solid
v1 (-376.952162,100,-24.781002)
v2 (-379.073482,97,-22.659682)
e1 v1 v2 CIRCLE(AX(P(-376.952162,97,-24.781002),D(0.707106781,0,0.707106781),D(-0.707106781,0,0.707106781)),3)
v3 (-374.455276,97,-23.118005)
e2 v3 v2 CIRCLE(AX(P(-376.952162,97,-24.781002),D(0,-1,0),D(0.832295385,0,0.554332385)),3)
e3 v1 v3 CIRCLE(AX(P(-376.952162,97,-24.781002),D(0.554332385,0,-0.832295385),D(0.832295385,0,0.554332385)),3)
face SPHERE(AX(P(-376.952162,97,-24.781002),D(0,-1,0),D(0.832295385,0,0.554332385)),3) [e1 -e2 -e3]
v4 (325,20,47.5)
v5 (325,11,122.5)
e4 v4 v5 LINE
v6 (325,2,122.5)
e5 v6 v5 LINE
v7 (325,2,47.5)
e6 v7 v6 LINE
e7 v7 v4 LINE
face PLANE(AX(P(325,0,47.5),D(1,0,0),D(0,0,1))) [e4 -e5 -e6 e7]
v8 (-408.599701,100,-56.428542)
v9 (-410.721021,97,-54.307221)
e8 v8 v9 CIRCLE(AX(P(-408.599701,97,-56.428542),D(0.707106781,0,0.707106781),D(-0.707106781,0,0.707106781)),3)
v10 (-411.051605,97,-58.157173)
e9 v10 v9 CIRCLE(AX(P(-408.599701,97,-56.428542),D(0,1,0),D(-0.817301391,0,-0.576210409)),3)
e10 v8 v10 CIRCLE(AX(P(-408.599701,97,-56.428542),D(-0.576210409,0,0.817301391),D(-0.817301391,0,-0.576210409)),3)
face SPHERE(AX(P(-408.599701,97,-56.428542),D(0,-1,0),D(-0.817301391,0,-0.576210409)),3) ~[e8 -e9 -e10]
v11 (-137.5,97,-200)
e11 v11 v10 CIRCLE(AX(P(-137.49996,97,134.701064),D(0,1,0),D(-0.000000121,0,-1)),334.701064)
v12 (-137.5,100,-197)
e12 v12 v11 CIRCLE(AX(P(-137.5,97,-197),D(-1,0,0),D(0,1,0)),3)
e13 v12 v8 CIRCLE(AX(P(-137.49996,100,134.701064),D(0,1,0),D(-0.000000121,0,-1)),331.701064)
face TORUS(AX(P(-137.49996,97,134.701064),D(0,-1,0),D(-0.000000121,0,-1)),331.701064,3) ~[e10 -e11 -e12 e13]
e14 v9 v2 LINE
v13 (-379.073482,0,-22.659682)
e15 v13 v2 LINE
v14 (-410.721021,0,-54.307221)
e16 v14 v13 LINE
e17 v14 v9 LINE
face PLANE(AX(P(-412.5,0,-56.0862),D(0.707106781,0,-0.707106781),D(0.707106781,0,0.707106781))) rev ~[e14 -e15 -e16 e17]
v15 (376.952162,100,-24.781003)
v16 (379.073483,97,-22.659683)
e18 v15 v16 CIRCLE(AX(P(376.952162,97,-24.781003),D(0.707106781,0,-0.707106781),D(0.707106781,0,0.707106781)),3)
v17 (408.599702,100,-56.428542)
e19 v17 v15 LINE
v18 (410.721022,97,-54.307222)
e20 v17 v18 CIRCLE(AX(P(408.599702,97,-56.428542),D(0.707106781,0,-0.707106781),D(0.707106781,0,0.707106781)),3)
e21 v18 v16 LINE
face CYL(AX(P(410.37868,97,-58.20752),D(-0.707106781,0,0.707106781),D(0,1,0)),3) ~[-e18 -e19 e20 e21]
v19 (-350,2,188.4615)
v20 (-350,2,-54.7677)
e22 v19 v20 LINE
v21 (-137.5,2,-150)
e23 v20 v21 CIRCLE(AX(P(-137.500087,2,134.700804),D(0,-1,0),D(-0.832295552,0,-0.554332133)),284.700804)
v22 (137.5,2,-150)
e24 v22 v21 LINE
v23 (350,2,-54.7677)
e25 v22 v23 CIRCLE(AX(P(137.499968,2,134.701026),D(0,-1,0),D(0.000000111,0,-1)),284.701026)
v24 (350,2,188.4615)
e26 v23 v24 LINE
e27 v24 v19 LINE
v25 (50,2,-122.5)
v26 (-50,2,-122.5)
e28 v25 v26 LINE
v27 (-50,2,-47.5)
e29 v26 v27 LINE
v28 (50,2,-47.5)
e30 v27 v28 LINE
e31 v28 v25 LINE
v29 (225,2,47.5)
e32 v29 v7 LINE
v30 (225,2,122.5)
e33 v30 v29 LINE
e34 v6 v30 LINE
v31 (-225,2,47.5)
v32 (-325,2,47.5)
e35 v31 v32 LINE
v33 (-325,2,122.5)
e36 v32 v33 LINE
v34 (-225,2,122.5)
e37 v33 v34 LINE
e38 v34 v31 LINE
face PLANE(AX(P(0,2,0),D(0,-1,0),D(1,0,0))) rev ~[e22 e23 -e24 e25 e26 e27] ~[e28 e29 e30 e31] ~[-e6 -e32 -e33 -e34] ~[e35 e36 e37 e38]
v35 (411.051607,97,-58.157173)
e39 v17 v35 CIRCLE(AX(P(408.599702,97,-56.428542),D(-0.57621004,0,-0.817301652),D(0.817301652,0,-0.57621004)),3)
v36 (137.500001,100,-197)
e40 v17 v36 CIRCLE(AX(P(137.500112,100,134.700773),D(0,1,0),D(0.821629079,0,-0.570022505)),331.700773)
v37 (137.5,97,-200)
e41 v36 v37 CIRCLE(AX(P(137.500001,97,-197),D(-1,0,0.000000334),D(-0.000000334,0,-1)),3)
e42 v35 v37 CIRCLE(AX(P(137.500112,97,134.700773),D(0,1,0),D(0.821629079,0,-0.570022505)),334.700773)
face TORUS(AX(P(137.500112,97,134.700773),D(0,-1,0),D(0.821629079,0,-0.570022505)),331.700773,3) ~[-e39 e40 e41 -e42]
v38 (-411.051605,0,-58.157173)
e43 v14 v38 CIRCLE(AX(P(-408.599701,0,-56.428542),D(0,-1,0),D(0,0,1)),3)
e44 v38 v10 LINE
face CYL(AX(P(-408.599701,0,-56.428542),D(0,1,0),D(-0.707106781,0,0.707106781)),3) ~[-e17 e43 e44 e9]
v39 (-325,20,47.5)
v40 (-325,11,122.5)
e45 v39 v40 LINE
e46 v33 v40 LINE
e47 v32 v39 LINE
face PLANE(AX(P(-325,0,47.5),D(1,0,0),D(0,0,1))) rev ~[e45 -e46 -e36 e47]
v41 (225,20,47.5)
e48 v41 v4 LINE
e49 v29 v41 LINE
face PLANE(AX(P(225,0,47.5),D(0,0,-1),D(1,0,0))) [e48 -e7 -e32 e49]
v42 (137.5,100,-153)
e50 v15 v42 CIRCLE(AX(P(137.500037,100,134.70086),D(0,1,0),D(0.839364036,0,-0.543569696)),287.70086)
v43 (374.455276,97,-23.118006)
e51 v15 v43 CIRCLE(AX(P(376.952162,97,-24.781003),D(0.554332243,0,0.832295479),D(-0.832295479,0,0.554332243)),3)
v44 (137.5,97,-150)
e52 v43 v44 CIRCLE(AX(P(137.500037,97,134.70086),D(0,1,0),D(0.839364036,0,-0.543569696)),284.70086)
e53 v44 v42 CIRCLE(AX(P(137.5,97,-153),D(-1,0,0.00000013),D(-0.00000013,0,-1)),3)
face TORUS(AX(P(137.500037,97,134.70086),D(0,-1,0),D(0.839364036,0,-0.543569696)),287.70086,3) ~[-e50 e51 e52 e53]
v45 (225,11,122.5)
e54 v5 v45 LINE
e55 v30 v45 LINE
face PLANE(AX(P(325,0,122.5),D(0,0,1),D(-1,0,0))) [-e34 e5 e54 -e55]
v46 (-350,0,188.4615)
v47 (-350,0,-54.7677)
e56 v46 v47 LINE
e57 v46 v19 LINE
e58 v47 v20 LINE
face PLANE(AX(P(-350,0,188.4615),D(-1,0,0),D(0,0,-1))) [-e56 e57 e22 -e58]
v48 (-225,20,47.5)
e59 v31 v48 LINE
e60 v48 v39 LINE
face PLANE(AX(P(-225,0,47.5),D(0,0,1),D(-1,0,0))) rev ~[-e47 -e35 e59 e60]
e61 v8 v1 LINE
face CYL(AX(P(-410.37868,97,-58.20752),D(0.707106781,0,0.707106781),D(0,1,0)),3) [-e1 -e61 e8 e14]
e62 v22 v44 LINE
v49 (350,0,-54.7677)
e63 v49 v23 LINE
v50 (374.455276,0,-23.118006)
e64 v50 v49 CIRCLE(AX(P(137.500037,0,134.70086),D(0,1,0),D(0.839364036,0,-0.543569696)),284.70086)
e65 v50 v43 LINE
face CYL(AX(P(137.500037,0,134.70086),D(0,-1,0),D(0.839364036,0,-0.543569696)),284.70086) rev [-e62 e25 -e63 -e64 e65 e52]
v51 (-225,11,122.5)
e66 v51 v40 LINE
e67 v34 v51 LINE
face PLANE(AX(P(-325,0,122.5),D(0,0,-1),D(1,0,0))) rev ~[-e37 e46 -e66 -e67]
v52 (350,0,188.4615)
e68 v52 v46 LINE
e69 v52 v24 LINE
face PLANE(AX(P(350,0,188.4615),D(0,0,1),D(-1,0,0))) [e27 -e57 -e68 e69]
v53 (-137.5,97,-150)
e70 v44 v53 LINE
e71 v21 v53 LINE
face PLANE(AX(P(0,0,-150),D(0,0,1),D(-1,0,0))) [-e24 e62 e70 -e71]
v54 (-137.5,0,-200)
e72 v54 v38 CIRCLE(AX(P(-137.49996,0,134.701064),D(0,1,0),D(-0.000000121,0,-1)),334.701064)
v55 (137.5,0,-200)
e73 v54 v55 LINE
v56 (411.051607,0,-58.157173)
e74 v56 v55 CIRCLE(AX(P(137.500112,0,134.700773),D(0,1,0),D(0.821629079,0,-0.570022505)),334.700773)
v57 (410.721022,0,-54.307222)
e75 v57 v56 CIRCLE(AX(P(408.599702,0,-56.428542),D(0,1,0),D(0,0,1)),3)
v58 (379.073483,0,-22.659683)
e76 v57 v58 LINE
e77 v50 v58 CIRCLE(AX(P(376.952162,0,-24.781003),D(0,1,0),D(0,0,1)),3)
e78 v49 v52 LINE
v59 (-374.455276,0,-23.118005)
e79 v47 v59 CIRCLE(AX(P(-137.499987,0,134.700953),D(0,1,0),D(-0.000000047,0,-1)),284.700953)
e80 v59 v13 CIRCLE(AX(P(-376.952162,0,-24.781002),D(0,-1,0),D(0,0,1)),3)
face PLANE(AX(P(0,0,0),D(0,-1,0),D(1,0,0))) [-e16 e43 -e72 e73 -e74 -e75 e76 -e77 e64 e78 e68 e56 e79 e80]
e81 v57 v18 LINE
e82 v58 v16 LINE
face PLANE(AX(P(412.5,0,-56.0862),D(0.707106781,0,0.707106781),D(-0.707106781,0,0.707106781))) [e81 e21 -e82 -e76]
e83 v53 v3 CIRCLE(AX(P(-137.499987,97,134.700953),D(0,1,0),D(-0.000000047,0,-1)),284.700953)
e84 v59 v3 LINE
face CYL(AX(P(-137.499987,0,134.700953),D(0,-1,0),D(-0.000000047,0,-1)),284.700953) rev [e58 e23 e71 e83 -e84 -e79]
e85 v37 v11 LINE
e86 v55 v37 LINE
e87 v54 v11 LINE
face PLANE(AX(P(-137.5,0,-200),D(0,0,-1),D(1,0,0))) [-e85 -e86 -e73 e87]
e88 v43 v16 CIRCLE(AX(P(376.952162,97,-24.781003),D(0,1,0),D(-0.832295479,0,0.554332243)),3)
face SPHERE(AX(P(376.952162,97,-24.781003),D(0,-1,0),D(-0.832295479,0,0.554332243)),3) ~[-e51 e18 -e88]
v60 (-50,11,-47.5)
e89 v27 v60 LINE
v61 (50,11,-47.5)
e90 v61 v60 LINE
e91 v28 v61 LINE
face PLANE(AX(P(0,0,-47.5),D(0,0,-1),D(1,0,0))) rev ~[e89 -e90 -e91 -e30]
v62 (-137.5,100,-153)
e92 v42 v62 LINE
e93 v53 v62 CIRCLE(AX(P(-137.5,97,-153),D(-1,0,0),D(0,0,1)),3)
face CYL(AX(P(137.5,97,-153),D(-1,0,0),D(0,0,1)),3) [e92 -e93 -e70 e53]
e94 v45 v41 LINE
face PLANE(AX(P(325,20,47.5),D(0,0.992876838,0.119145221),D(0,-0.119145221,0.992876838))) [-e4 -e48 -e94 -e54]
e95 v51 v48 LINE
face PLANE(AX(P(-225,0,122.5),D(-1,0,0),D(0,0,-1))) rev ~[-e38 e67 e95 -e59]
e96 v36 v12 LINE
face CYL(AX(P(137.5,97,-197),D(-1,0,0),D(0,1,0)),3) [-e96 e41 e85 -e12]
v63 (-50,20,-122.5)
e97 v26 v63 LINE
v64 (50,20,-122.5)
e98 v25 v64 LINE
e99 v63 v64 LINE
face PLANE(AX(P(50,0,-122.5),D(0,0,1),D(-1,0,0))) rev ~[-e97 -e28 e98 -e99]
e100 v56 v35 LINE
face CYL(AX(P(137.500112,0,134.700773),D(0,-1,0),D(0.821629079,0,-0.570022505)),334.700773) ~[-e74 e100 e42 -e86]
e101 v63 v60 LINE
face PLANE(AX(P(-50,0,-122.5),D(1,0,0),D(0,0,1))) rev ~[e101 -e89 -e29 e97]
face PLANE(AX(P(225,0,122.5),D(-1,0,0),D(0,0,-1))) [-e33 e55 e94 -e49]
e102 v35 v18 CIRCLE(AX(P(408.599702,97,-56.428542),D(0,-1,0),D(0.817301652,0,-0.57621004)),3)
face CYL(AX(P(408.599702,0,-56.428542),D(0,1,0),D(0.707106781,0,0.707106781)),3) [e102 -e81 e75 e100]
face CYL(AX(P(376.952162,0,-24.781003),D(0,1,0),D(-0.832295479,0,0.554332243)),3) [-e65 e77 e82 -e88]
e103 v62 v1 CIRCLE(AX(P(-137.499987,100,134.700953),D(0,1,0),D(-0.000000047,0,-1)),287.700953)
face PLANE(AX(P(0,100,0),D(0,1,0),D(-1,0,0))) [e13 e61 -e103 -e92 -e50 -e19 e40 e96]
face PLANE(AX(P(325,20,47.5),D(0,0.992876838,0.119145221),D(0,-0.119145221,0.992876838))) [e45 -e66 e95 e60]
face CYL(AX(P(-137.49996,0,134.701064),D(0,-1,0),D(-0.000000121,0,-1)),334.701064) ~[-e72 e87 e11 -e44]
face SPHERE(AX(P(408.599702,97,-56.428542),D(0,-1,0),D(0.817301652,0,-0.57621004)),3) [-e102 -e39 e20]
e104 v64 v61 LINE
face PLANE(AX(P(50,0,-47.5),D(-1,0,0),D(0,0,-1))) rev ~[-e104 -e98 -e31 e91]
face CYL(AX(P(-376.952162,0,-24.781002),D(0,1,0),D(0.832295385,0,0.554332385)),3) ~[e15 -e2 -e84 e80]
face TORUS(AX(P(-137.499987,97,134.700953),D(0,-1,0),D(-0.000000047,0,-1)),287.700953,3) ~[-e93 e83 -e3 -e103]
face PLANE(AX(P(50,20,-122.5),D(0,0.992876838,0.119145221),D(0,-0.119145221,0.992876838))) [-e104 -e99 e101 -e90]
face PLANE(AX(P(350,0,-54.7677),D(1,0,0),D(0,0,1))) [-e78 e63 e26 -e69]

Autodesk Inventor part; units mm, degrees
ref_plane "YZ Plane" through (0, 0, 0) normal (1, 0, 0) x (0, 1, 0)
ref_plane "XZ Plane" through (0, 0, 0) normal (0, 1, 0) x (-1, 0, 0)
ref_plane "XY Plane" through (0, 0, 0) normal (0, 0, 1) x (1, 0, 0)
sketch "Sketch1" plane through (0, 0, 0) normal (0, 1, 0) x (-1, 0, 0)
  line L0 (-50, -122.5) -> (50, -122.5)
  line L1 (50, -122.5) -> (50, -47.5)
  line L2 (50, -47.5) -> (-50, -47.5)
  line L3 (-50, -47.5) -> (-50, -122.5)
  line L4 (-50, -122.5) -> (50, -47.5) construction
  line L5 (50, -122.5) -> (-50, -47.5) construction
  line L6 (-325, 122.5) -> (-225, 122.5)
  line L7 (-225, 122.5) -> (-225, 47.5)
  line L8 (-225, 47.5) -> (-325, 47.5)
  line L9 (-325, 47.5) -> (-325, 122.5)
  line L10 (-325, 122.5) -> (-225, 47.5) construction
  line L11 (-225, 122.5) -> (-325, 47.5) construction
  line L12 (0, 214.4175) -> (0, -235.835)
  line L13 (325, 122.5) -> (225, 122.5)
  line L14 (225, 122.5) -> (225, 47.5)
  line L15 (225, 47.5) -> (325, 47.5)
  line L16 (325, 47.5) -> (325, 122.5)
  line L17 (325, 122.5) -> (225, 47.5) construction
  line L18 (225, 122.5) -> (325, 47.5) construction
  point P0 (0, 0)
  point P1 (0, -85)
  point P2 (-275, 85)
  point P3 (275, 85)
  dimension "d0" = 100
  dimension "d1" = 75
  dimension "d2" = 85
  dimension "d3" = 100
  dimension "d4" = 75
  dimension "d5" = 275
  dimension "d6" = 85
sketch "Sketch2" plane through (0, 0, 0) normal (0, 1, 0) x (-1, 0, 0)
  line L0 (-7.5, -95) -> (7.5, -95) projected
  line L1 (7.5, -95) -> (7.5, -75) projected
  line L2 (7.5, -75) -> (-7.5, -75) projected
  line L3 (-7.5, -75) -> (-7.5, -95) projected
  line L4 (267.5, 95) -> (267.5, 75) projected
  line L5 (267.5, 75) -> (282.5, 75) projected
  line L6 (282.5, 75) -> (282.5, 95) projected
  line L7 (282.5, 95) -> (267.5, 95) projected
  line L8 (-267.5, 95) -> (-282.5, 95) projected
  line L9 (-282.5, 95) -> (-282.5, 75) projected
  line L10 (-282.5, 75) -> (-267.5, 75) projected
  line L11 (-267.5, 75) -> (-267.5, 95) projected
  line L12 (-137.5, -150) -> (137.5, -150)
  line L13 (137.5, -150) -> (137.5, -200)
  line L14 (137.5, -200) -> (-137.5, -200)
  line L15 (-137.5, -200) -> (-137.5, -150)
  line L16 (-137.5, -150) -> (137.5, -200) construction
  line L17 (137.5, -150) -> (-137.5, -200) construction
  arc A0 (-376.4677, -20.0539) -> (-137.5, -150) centre (-137.5, 134.7009) ccw
  line L18 (-137.5, -150) -> (-137.5, 134.7009) construction
  line L19 (-412.5, 61.0149) -> (-137.5, 134.7009) construction
  arc A1 (-412.5, -56.0862) -> (-137.5, -200) centre (-137.5, 134.7009) ccw
  line L20 (0, -269.3547) -> (0, -73.2831)
  arc A2 (137.5, -150) -> (376.4677, -20.0539) centre (137.5, 134.7009) ccw
  arc A3 (137.5, -200) -> (412.5, -56.0862) centre (137.5, 134.7009) ccw
  line L21 (412.5, -56.0862) -> (376.4677, -20.0539)
  line L22 (412.5, -56.0862) -> (463.4573, -56.0862) construction
  line L23 (-412.5, -56.0862) -> (-376.4677, -20.0539)
  point P0 (0, 0)
  point P1 (0, -175)
  point P2 (412.5, 61.0149)
  dimension "d9" = 275
  dimension "d10" = 50
  dimension "d11" = 100
  dimension "d12" = 75
  dimension "d17" = 135
extrude "Extrusion2" add sketch "Sketch2" along normal blind 100 contours L12 L13 L14 L20 | L20 L14 L15 L12 | L15 A1 L23 A0 | A2 L21 A3 L13
fillet "Fillet1" radius 3 12 edges at (0, 100, -150) (273.507, 100, -115.4125) (-273.507, 100, -115.4125) (-394.4839, 100, -38.07) (394.4839, 100, -38.07) (-376.4677, 50, -20.0539) (-412.5, 50, -56.0862) (376.4677, 50, -20.0539) (412.5, 50, -56.0862) (-292.6904, 100, -161.847) (292.6904, 100, -161.847) (0, 100, -200)
sketch "Sketch3" plane through (0, 0, 0) normal (0, -1, 0) x (1, 0, 0)
  line L0 (350, 188.4615) -> (-350, 188.4615)
  line L1 (-350, 188.4615) -> (-350, -54.7677)
  line L2 (350, -54.7677) -> (350, 188.4615)
  arc A0 (411.0516, -58.1571) -> (410.721, -54.3072) centre (408.5997, -56.4285) ccw projected
  line L3 (379.0735, -22.6597) -> (410.721, -54.3072) projected
  arc A1 (379.0735, -22.6597) -> (374.4553, -23.118) centre (376.9522, -24.781) ccw projected
  arc A2 (137.5, -150) -> (374.4553, -23.118) centre (137.5, 134.7009) ccw projected
  line L4 (-137.5, -150) -> (137.5, -150) projected
  arc A3 (-374.4553, -23.118) -> (-137.5, -150) centre (-137.5, 134.7009) ccw projected
  arc A4 (-374.4553, -23.118) -> (-379.0735, -22.6597) centre (-376.9522, -24.781) ccw projected
  line L5 (-410.721, -54.3072) -> (-379.0735, -22.6597) projected
  arc A5 (-410.721, -54.3072) -> (-411.0516, -58.1571) centre (-408.5997, -56.4285) ccw projected
  arc A6 (-411.0516, -58.1571) -> (-137.5, -200) centre (-137.5, 134.7009) ccw projected
  line L6 (137.5, -200) -> (-137.5, -200) projected
  arc A7 (137.5, -200) -> (411.0516, -58.1571) centre (137.5, 134.7009) ccw projected
  arc A8 (137.5, -200) -> (411.0516, -58.1571) centre (137.5, 134.7009) ccw projected
  line L7 (0, -256.7037) -> (0, -18.0297)
  point P0 (0, 0)
  dimension "d31" = 700
extrude "Extrusion3" add sketch "Sketch3" against normal blind 2 contours L2 A2 L4 A3 L1 L0
extrude "Extrusion6" add sketch "Sketch1" along normal blind 20
sketch "Sketch6" plane through (325, 2, 47.5) normal (1, 0, 0) x (0, 0, -1)
  line L0 (0, 0) -> (-75, 0) projected
  line L1 (0, 0) -> (0, 18) projected
  line L2 (-75, 18) -> (0, 18) projected
  line L3 (-75, 0) -> (-75, 18) projected
  line L4 (0, 0) -> (0, 18) projected
  line L5 (0, 18) -> (-75, 9)
  line L6 (-75, 0) -> (-75, 18) projected
  line L7 (-75, 18) -> (0, 18)
  line L8 (-75, 9) -> (-75, 18)
  point P0 (47.5, -2)
extrude "Extrusion7" cut sketch "Sketch6" against normal through all contours L5 L3 L2
sketch "Sketch7" plane through (50, 2, -122.5) normal (1, 0, 0) x (0, 0, -1)
  line L0 (0, 0) -> (-75, 0) projected
  line L1 (0, 0) -> (0, 18) projected
  line L2 (-75, 18) -> (0, 18) projected
  line L3 (-75, 0) -> (-75, 18) projected
  line L4 (0, 18) -> (-75, 9)
  line L5 (-75, 9) -> (-75, 18)
  line L6 (-75, 18) -> (0, 18) projected
  line L7 (-75, 18) -> (0, 18)
  point P0 (-122.5, -2)
extrude "Extrusion8" cut sketch "Sketch7" against normal up to surface (100 mm away) contours L4 L3 L2
properties part number "Charging Dock" material "ABS Plastic"
